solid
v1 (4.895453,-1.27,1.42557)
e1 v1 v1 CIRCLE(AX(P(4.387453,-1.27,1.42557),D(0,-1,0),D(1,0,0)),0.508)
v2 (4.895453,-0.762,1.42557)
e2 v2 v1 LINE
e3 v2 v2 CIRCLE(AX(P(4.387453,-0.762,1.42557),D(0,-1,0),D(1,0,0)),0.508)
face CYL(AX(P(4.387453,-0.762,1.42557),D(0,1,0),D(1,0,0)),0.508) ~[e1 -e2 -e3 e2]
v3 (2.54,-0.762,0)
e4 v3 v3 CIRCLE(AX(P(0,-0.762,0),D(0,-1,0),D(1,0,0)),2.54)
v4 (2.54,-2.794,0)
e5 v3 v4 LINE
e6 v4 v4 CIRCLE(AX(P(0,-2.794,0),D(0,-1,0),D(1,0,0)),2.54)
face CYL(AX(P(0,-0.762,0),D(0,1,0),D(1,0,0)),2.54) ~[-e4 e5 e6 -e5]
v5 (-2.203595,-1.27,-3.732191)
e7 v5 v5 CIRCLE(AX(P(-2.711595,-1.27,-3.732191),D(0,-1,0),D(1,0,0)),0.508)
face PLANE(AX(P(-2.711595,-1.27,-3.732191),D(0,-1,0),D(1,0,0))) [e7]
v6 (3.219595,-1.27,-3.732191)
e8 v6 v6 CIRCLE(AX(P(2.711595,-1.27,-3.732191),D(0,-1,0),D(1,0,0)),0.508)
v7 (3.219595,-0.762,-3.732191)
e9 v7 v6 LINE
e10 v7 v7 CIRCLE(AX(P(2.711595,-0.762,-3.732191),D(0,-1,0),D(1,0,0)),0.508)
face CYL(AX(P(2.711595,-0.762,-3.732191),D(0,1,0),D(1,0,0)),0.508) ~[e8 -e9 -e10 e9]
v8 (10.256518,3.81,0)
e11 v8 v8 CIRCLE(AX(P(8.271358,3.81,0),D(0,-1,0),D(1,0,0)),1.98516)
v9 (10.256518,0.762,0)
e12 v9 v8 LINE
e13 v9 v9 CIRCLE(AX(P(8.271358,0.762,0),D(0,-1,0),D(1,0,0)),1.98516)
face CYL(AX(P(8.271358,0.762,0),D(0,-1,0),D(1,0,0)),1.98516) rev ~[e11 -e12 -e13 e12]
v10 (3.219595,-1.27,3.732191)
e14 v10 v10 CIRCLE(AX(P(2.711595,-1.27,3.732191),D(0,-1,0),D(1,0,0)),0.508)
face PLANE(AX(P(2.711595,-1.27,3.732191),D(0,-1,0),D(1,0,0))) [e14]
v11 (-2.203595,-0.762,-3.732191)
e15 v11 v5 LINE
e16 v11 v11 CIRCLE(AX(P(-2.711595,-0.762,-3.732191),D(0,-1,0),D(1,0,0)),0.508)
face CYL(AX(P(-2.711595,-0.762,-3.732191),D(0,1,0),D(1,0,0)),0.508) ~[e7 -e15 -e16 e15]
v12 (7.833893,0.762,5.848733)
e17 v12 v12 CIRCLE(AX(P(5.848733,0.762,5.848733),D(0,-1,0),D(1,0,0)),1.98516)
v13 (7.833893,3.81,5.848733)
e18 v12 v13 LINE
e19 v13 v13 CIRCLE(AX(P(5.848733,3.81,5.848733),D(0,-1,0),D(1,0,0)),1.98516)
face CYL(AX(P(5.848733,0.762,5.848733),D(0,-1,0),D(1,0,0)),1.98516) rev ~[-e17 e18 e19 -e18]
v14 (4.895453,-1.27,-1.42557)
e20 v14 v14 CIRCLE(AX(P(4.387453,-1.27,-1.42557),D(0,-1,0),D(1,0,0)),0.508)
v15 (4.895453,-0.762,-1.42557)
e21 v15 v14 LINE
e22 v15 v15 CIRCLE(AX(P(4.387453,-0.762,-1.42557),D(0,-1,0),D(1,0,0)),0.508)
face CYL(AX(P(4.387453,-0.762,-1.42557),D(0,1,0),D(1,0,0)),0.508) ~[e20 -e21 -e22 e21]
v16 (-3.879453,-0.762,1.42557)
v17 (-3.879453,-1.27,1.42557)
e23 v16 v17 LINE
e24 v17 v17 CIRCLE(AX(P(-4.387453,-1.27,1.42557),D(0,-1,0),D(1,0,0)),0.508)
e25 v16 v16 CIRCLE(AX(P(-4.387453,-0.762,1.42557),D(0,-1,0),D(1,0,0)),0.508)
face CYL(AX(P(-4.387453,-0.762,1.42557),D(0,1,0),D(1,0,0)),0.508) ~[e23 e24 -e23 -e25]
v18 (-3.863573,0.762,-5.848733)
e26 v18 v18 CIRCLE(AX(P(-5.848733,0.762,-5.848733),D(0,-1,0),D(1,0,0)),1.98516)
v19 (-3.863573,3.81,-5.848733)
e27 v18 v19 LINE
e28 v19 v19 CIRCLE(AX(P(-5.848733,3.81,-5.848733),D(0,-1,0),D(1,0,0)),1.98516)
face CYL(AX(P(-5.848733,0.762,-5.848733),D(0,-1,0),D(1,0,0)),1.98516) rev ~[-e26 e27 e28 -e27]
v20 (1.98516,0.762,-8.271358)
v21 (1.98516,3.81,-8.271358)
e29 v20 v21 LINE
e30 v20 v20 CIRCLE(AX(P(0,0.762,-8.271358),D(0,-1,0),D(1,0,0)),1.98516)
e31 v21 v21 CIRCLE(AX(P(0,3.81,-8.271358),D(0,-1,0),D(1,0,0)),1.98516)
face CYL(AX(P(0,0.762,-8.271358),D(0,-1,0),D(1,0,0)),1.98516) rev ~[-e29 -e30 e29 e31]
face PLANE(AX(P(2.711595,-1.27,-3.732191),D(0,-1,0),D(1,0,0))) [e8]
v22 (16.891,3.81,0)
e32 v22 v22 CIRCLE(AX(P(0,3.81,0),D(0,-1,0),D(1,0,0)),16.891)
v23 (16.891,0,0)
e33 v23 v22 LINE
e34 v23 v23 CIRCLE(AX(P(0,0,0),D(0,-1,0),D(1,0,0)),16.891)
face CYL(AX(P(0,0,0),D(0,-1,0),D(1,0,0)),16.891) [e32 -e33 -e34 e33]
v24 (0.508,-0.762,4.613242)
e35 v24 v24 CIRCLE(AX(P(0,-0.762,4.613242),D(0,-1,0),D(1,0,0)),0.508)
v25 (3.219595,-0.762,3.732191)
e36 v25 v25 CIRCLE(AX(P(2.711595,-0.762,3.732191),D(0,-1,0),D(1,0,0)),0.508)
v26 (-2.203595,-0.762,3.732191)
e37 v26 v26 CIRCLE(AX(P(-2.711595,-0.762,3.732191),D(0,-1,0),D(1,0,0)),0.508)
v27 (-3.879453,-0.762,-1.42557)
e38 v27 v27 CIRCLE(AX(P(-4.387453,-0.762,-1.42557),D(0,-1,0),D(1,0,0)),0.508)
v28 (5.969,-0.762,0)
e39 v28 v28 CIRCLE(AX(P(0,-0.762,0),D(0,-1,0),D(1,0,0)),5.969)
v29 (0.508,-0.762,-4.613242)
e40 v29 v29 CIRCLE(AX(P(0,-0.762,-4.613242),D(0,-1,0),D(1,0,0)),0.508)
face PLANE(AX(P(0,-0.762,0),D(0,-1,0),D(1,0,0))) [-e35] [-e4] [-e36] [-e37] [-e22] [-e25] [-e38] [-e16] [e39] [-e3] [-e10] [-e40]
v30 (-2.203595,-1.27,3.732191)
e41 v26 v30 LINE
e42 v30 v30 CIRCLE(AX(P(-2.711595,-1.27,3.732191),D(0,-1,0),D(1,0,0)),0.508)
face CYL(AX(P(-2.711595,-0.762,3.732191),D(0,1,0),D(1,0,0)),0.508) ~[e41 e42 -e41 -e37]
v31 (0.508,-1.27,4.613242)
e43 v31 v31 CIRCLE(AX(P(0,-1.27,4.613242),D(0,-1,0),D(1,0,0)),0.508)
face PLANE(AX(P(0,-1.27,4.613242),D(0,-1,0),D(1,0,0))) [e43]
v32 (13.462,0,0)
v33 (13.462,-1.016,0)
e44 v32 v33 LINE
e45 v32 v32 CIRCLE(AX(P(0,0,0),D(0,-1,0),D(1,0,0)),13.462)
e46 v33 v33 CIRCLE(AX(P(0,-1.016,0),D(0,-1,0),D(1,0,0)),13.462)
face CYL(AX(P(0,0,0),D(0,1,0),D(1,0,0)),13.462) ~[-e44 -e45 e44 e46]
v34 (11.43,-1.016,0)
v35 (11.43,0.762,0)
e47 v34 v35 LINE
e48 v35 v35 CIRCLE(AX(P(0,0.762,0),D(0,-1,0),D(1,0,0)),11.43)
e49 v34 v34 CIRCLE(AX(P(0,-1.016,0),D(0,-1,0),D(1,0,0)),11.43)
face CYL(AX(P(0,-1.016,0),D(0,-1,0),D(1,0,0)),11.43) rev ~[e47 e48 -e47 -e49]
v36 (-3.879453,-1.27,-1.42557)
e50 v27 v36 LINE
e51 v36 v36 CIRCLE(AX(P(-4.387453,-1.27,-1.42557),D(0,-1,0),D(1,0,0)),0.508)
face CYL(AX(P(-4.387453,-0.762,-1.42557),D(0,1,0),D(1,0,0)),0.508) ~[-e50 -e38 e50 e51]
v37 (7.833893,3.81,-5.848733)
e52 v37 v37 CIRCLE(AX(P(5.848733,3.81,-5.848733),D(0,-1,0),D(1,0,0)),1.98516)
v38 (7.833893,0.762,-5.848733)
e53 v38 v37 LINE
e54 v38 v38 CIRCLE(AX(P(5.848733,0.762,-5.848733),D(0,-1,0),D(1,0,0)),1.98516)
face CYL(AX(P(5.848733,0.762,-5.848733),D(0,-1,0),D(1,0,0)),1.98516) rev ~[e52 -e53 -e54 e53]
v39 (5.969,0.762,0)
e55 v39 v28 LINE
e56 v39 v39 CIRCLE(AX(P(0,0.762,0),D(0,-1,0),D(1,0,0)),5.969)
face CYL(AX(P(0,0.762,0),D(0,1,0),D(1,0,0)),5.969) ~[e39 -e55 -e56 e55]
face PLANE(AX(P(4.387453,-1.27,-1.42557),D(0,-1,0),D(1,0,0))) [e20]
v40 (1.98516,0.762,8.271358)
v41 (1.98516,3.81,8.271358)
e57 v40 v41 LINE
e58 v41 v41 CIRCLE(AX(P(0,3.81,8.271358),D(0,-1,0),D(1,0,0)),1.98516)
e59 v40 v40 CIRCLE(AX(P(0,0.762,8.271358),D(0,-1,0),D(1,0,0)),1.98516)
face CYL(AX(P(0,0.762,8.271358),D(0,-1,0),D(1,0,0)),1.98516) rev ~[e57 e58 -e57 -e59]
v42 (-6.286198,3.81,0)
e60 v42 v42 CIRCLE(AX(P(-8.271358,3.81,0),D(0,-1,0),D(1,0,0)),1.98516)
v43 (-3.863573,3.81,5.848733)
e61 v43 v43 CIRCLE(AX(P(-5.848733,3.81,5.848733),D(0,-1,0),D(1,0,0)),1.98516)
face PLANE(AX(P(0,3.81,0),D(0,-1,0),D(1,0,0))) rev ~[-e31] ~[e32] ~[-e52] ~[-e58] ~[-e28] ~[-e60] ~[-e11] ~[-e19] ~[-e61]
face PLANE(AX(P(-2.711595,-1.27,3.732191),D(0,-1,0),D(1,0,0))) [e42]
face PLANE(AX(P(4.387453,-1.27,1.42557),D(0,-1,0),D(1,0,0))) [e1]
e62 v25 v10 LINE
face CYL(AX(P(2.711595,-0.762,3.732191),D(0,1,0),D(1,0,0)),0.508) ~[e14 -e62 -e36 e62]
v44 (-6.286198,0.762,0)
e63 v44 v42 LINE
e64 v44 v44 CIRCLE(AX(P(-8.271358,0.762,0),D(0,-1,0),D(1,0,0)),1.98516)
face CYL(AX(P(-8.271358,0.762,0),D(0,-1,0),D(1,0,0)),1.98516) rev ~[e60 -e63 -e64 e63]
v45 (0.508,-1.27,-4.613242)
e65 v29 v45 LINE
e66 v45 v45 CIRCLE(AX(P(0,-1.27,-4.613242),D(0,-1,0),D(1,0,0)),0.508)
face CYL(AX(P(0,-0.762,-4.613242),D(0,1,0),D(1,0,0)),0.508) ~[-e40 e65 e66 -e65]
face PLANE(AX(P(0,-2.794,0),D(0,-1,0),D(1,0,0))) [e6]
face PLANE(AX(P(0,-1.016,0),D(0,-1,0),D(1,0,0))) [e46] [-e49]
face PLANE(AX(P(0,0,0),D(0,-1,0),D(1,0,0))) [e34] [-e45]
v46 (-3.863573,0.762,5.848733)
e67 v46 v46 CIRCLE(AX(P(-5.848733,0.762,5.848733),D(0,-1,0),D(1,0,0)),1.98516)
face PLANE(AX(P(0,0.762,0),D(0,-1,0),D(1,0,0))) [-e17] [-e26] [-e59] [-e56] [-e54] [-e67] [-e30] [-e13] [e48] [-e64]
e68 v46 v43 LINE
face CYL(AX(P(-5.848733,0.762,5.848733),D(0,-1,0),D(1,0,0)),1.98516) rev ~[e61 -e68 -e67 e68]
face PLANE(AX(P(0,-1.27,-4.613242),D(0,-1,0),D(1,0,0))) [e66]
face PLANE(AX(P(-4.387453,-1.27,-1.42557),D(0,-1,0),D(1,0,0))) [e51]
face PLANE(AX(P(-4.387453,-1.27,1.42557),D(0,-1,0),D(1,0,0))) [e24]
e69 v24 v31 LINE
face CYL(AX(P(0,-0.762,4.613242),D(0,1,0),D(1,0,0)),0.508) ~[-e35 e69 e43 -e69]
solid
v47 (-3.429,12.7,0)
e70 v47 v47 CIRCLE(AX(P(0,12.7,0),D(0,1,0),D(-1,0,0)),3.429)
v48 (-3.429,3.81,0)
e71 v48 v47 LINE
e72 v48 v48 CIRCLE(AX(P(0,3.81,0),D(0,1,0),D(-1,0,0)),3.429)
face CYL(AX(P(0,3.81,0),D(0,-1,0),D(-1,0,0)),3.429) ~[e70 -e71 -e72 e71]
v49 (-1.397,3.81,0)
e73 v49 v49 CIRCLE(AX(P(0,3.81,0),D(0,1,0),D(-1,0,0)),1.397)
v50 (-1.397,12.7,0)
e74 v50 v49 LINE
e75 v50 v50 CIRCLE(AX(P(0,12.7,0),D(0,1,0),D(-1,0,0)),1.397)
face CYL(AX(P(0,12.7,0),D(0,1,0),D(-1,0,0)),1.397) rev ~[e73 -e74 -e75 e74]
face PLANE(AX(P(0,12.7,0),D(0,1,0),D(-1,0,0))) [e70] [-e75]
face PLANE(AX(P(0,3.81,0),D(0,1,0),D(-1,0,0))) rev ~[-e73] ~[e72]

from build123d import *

# Parameters (mm, degrees)
F0_R      = 16.891
F2_DEPTH  = 3.81
F1_R      = 13.462
F3_DEPTH  = 1.016
F4_R      = 11.43
F5_DEPTH  = 1.778
F6_R      = 1.98516
F7_DEPTH  = 25.4
F8_R      = 5.969
F9_DEPTH  = 1.524
F10_R     = 0.508
F11_DEPTH = 0.508
F12_R     = 2.54
F13_DEPTH = 2.032
F14_R     = 3.429
F15_DEPTH = 8.89
F16_R     = 1.397
F17_DEPTH = 8.89


with BuildPart() as f2:
    # F0 (on Front) → F2 (new body)
    with BuildSketch(Plane.XZ):
        Circle(F0_R)
    extrude(amount=-F2_DEPTH)

    # F1 (on face) → F3 (join)
    with BuildSketch(Plane.XZ):
        Circle(F1_R)
    extrude(amount=F3_DEPTH)

    # F4 (on face) → F5 (cut)
    with BuildSketch(Plane.XZ.offset(1.016)):
        Circle(F4_R)
    extrude(amount=-F5_DEPTH, mode=Mode.SUBTRACT)

    # F6 (on face) → F7 (cut)
    with BuildSketch(Plane.XZ.offset(-0.762)):
        with Locations((0, 8.271358)):
            Circle(F6_R)
        with Locations((5.848733, 5.848733)):
            Circle(F6_R)
        with Locations((8.271358, 0)):
            Circle(F6_R)
        with Locations((5.848733, -5.848733)):
            Circle(F6_R)
        with Locations((0, -8.271358)):
            Circle(F6_R)
        with Locations((-5.848733, -5.848733)):
            Circle(F6_R)
        with Locations((-8.271358, 0)):
            Circle(F6_R)
        with Locations((-5.848733, 5.848733)):
            Circle(F6_R)
    extrude(amount=-F7_DEPTH, mode=Mode.SUBTRACT)

    # F8 (on face) → F9 (join)
    with BuildSketch(Plane.XZ.offset(-0.762)):
        Circle(F8_R)
    extrude(amount=F9_DEPTH)

    # F10 (on face) → F11 (join)
    with BuildSketch(Plane.XZ.offset(0.762)):
        with Locations((-2.711595, 3.732191)):
            Circle(F10_R)
        with Locations((0, 4.613242)):
            Circle(F10_R)
        with Locations((2.711595, 3.732191)):
            Circle(F10_R)
        with Locations((4.387453, 1.42557)):
            Circle(F10_R)
        with Locations((4.387453, -1.42557)):
            Circle(F10_R)
        with Locations((2.711595, -3.732191)):
            Circle(F10_R)
        with Locations((0, -4.613242)):
            Circle(F10_R)
        with Locations((-2.711595, -3.732191)):
            Circle(F10_R)
        with Locations((-4.387453, -1.42557)):
            Circle(F10_R)
        with Locations((-4.387453, 1.42557)):
            Circle(F10_R)
    extrude(amount=F11_DEPTH)

    # F12 (on face) → F13 (join)
    with BuildSketch(Plane.XZ.offset(0.762)):
        Circle(F12_R)
    extrude(amount=F13_DEPTH)


with BuildPart() as f15:
    # F14 (on face) → F15 (new body)
    with BuildSketch(Plane(origin=(0, 3.81, 0), x_dir=(-1, 0, 0), z_dir=(0, 1, 0))):
        Circle(F14_R)
    extrude(amount=F15_DEPTH)

    # F16 (on face) → F17 (cut)
    with BuildSketch(Plane(origin=(0, 12.7, 0), x_dir=(-1, 0, 0), z_dir=(0, 1, 0))):
        Circle(F16_R)
    extrude(amount=-F17_DEPTH, mode=Mode.SUBTRACT)


solid = Compound([f2.part, f15.part])
